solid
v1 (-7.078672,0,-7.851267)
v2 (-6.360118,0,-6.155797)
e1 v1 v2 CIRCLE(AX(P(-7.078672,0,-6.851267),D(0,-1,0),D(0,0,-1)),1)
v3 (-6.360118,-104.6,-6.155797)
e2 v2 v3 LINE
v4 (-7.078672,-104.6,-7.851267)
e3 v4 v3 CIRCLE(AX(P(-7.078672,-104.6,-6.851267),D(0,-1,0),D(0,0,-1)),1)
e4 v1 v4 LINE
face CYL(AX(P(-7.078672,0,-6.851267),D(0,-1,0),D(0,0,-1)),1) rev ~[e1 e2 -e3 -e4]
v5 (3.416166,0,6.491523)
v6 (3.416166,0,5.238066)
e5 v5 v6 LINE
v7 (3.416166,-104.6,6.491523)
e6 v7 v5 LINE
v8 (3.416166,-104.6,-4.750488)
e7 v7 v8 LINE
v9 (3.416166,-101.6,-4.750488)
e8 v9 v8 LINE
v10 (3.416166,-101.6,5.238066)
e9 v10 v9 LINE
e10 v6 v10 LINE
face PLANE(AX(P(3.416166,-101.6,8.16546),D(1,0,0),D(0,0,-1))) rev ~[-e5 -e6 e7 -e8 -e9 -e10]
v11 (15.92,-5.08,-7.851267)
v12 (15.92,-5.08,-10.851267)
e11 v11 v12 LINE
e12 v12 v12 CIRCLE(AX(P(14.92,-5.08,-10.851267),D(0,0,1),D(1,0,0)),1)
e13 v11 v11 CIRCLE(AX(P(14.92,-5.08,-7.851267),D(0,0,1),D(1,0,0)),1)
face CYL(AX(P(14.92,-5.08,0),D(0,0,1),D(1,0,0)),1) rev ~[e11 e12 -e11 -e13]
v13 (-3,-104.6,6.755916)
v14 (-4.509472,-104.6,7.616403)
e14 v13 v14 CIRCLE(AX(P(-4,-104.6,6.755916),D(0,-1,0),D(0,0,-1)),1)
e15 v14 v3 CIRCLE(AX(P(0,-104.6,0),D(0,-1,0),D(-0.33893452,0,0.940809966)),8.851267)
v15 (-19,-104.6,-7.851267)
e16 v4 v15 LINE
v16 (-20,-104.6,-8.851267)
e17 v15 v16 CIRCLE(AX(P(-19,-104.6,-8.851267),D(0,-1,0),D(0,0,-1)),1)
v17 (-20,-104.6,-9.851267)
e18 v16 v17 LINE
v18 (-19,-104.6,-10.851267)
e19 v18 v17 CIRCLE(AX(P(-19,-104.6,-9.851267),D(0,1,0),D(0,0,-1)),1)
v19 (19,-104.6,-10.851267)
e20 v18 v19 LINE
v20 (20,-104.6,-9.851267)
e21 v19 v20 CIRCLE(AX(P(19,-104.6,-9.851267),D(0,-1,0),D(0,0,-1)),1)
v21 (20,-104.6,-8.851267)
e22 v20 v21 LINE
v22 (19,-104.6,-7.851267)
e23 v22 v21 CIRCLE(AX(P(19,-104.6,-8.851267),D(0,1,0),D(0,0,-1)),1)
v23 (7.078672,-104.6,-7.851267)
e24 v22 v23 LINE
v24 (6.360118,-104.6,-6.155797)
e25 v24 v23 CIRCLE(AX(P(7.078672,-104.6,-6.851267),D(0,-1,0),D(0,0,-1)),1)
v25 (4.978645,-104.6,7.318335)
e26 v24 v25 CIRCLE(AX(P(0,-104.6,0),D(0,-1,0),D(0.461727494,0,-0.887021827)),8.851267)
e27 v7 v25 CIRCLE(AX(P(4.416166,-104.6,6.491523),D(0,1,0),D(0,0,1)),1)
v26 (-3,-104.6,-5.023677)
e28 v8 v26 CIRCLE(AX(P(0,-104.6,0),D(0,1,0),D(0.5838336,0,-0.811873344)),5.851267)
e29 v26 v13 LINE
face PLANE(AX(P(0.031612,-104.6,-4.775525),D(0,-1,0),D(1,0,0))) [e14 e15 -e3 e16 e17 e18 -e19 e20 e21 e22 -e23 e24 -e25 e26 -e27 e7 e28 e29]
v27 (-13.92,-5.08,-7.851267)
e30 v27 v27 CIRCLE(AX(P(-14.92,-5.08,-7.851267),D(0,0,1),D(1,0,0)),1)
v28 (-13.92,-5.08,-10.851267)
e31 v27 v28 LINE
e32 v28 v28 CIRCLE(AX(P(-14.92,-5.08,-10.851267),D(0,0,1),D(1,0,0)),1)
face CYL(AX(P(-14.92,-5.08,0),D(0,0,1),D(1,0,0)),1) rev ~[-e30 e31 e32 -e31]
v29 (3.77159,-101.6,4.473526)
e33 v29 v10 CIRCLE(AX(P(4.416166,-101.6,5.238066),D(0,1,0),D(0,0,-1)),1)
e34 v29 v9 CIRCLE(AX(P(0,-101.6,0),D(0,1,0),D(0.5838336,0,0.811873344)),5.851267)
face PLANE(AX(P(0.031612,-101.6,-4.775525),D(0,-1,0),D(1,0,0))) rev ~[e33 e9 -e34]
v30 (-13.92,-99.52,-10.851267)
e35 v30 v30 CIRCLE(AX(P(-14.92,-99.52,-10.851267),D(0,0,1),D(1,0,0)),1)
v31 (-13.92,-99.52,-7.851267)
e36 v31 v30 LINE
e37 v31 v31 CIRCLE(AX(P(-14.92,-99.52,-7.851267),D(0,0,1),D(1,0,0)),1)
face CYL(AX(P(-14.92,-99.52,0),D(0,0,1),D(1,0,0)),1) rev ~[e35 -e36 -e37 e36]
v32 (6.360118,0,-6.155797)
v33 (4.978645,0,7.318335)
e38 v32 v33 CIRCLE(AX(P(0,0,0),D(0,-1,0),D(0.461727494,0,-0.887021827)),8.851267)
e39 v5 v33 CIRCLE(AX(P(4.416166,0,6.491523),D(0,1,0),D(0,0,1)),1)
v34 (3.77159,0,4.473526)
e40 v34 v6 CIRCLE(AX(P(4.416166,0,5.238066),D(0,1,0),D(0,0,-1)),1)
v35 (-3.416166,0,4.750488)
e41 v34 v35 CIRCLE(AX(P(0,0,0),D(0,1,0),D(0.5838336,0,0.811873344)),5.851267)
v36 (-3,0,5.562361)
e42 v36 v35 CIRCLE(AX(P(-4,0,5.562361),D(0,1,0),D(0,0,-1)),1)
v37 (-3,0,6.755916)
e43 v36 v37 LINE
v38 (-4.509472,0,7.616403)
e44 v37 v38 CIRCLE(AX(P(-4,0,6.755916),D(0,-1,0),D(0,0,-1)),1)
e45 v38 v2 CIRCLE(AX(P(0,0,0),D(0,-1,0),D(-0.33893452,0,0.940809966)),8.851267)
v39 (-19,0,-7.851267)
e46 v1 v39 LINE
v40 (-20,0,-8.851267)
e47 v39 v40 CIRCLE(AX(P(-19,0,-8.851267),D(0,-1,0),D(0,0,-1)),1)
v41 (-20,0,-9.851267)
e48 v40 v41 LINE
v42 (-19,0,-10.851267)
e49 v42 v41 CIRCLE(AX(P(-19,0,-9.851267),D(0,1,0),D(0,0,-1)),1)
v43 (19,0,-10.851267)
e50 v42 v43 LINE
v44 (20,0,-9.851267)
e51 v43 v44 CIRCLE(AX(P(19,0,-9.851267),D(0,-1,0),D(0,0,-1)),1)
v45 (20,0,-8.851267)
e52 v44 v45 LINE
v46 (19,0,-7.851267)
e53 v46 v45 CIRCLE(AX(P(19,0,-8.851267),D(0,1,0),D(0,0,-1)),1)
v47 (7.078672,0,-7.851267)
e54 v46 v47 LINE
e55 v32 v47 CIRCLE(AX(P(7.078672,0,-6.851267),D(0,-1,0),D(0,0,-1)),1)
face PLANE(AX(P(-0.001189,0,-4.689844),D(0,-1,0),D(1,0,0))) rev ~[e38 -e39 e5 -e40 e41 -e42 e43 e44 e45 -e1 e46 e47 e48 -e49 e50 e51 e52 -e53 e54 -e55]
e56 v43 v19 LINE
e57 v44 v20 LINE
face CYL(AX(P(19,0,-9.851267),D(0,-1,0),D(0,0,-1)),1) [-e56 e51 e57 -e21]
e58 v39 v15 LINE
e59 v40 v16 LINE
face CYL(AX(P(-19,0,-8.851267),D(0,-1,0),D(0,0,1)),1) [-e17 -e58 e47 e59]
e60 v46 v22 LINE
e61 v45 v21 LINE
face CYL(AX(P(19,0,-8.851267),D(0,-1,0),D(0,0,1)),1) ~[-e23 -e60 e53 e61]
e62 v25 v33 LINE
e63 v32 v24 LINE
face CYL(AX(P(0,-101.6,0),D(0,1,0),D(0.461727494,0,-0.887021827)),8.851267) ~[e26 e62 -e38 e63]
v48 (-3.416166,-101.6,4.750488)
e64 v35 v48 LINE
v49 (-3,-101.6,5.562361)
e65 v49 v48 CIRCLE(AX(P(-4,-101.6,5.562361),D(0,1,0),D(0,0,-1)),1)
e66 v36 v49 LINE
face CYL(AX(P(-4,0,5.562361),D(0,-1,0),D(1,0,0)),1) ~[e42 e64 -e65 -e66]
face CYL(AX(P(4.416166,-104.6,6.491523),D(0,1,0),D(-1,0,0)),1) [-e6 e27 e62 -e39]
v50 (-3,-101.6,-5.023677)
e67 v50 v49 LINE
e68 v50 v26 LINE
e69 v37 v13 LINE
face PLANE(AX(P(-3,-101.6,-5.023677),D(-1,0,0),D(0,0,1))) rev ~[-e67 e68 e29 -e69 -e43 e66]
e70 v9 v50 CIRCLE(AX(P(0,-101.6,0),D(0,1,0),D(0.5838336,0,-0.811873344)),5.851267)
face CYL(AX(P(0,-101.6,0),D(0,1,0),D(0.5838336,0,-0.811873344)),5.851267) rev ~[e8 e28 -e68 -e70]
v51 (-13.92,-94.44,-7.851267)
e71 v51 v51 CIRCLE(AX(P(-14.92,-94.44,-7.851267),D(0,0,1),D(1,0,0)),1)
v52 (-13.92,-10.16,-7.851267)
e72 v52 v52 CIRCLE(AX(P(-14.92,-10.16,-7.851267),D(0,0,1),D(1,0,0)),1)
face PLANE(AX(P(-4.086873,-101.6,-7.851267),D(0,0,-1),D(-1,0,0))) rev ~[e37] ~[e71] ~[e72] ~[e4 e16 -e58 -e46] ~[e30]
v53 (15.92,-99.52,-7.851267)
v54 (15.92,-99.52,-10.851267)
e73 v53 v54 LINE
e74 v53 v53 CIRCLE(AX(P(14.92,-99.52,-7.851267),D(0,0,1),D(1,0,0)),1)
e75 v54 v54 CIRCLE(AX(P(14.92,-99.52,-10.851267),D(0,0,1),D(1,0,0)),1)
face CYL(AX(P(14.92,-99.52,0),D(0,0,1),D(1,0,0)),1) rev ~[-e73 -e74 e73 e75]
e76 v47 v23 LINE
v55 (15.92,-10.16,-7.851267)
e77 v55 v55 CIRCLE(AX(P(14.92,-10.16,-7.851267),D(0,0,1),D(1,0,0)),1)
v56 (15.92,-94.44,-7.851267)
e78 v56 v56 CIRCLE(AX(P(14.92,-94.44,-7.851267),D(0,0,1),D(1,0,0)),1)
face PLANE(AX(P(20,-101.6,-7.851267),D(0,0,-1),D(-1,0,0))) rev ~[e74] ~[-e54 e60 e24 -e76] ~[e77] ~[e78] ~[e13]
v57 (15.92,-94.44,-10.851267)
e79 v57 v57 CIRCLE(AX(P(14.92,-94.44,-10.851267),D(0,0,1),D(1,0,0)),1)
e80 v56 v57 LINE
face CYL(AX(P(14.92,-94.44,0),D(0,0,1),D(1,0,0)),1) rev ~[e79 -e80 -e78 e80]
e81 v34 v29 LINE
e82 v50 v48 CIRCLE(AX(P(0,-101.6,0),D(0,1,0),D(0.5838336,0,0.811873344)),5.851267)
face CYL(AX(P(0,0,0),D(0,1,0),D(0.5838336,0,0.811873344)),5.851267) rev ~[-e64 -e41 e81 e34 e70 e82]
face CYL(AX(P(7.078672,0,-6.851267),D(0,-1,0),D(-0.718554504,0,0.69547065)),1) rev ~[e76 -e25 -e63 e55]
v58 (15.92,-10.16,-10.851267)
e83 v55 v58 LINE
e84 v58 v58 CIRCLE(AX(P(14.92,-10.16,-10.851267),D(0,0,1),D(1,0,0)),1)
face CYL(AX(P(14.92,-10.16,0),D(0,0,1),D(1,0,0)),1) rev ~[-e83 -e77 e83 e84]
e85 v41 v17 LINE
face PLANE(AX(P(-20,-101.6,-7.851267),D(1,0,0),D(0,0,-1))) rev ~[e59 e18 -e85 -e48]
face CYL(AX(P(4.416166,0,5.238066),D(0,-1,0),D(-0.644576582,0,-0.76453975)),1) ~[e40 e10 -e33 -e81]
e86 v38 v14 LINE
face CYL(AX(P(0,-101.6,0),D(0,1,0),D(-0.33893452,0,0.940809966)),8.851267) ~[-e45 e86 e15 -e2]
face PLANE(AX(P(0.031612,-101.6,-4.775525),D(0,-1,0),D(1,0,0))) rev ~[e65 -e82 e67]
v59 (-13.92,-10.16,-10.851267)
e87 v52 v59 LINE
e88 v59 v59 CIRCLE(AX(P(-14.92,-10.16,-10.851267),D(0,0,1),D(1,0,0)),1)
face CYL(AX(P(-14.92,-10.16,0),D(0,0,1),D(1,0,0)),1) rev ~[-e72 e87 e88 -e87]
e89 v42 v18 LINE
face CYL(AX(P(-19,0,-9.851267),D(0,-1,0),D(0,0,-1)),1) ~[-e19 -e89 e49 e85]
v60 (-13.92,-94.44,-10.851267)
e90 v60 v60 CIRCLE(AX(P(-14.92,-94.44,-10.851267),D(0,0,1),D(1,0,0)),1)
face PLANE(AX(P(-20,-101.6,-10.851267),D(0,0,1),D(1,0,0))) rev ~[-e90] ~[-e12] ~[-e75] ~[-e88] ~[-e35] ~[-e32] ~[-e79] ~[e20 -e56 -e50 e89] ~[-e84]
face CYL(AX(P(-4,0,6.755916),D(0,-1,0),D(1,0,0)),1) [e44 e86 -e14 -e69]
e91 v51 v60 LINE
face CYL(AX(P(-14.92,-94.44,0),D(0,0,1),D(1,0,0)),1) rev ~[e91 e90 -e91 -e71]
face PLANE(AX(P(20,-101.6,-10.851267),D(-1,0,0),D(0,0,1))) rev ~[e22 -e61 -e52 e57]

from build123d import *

# Parameters (mm, degrees)
F1_DEPTH = 101.6
F3_DEPTH = 3
F4_R     = 1
F5_DEPTH = 25.4
F6_R     = 1
F7_R     = 1


with BuildPart() as f1:
    # F0 (on Front) → F1 (new body)
    with BuildSketch(Plane.XZ):
        with BuildLine():
            ThreePointArc((3.4161663997, 4.7504878758), (-0.2489109402, -5.8459705159), (-3, 5.0236767341))
            Line((-3, 5.0236767341), (-3, 8.3273603964))
            ThreePointArc((-3, 8.3273603964), (-8.83136125, 0.5932871507), (-4.0868734277, -7.8512672071))
            Line((-4.0868734277, -7.8512672071), (-20, -7.8512672071))
            Line((-20, -7.8512672071), (-20, -10.8512672071))
            Line((-20, -10.8512672071), (20, -10.8512672071))
            Line((20, -10.8512672071), (20, -7.8512672071))
            Line((20, -7.8512672071), (4.0868734277, -7.8512672071))
            ThreePointArc((4.0868734277, -7.8512672071), (8.8435168288, 0.3703258964), (3.4161663997, 8.165460079))
            Line((3.4161663997, 8.165460079), (3.4161663997, 4.7504878758))
        make_face()
    extrude(amount=F1_DEPTH)

    # F2 (on face) → F3 (join)
    with BuildSketch(Plane.XZ.offset(101.6)):
        with BuildLine():
            Line((-3, -5.0236767341), (-3, 8.3273603964))
            ThreePointArc((-3, 8.3273603964), (-8.83136125, 0.5932871507), (-4.0868734277, -7.8512672071))
            Line((-4.0868734277, -7.8512672071), (-20, -7.8512672071))
            Line((-20, -7.8512672071), (-20, -10.8512672071))
            Line((-20, -10.8512672071), (20, -10.8512672071))
            Line((20, -10.8512672071), (20, -7.8512672071))
            Line((20, -7.8512672071), (4.0868734277, -7.8512672071))
            ThreePointArc((4.0868734277, -7.8512672071), (8.8435168288, 0.3703258964), (3.4161663997, 8.165460079))
            Line((3.4161663997, 8.165460079), (3.4161663997, -4.7504878758))
            ThreePointArc((3.4161663997, -4.7504878758), (0.2489109402, -5.8459705159), (-3, -5.0236767341))
        make_face()
    extrude(amount=F3_DEPTH)

    # F4 (on Top) → F5 (cut)
    with BuildSketch(Plane.XY):
        with Locations((-14.92, -5.08)):
            Circle(F4_R)
        with Locations((-14.92, -10.16)):
            Circle(F4_R)
        with Locations((-14.92, -99.52)):
            Circle(F4_R)
        with Locations((-14.92, -94.44)):
            Circle(F4_R)
        with Locations((14.92, -99.52)):
            Circle(F4_R)
        with Locations((14.92, -94.44)):
            Circle(F4_R)
        with Locations((14.92, -10.16)):
            Circle(F4_R)
        with Locations((14.92, -5.08)):
            Circle(F4_R)
    extrude(amount=-F5_DEPTH, mode=Mode.SUBTRACT)

    # F6
    f6_edges = [f1.edges().sort_by_distance(p)[0] for p in [
        (-3, -52.3, 8.32736),
        (3.416166, -52.3, 8.16546),
        (-3, -50.8, 5.023677),
        (3.416166, -50.8, 4.750488),
    ]]
    fillet(f6_edges, radius=F6_R)

    # F7
    f7_edges = [f1.edges().sort_by_distance(p)[0] for p in [
        (20, -52.3, -7.851267),
        (20, -52.3, -10.851267),
        (-20, -52.3, -7.851267),
        (-20, -52.3, -10.851267),
        (4.086873, -52.3, -7.851267),
        (-4.086873, -52.3, -7.851267),
    ]]
    fillet(f7_edges, radius=F7_R)


solid = f1.part
